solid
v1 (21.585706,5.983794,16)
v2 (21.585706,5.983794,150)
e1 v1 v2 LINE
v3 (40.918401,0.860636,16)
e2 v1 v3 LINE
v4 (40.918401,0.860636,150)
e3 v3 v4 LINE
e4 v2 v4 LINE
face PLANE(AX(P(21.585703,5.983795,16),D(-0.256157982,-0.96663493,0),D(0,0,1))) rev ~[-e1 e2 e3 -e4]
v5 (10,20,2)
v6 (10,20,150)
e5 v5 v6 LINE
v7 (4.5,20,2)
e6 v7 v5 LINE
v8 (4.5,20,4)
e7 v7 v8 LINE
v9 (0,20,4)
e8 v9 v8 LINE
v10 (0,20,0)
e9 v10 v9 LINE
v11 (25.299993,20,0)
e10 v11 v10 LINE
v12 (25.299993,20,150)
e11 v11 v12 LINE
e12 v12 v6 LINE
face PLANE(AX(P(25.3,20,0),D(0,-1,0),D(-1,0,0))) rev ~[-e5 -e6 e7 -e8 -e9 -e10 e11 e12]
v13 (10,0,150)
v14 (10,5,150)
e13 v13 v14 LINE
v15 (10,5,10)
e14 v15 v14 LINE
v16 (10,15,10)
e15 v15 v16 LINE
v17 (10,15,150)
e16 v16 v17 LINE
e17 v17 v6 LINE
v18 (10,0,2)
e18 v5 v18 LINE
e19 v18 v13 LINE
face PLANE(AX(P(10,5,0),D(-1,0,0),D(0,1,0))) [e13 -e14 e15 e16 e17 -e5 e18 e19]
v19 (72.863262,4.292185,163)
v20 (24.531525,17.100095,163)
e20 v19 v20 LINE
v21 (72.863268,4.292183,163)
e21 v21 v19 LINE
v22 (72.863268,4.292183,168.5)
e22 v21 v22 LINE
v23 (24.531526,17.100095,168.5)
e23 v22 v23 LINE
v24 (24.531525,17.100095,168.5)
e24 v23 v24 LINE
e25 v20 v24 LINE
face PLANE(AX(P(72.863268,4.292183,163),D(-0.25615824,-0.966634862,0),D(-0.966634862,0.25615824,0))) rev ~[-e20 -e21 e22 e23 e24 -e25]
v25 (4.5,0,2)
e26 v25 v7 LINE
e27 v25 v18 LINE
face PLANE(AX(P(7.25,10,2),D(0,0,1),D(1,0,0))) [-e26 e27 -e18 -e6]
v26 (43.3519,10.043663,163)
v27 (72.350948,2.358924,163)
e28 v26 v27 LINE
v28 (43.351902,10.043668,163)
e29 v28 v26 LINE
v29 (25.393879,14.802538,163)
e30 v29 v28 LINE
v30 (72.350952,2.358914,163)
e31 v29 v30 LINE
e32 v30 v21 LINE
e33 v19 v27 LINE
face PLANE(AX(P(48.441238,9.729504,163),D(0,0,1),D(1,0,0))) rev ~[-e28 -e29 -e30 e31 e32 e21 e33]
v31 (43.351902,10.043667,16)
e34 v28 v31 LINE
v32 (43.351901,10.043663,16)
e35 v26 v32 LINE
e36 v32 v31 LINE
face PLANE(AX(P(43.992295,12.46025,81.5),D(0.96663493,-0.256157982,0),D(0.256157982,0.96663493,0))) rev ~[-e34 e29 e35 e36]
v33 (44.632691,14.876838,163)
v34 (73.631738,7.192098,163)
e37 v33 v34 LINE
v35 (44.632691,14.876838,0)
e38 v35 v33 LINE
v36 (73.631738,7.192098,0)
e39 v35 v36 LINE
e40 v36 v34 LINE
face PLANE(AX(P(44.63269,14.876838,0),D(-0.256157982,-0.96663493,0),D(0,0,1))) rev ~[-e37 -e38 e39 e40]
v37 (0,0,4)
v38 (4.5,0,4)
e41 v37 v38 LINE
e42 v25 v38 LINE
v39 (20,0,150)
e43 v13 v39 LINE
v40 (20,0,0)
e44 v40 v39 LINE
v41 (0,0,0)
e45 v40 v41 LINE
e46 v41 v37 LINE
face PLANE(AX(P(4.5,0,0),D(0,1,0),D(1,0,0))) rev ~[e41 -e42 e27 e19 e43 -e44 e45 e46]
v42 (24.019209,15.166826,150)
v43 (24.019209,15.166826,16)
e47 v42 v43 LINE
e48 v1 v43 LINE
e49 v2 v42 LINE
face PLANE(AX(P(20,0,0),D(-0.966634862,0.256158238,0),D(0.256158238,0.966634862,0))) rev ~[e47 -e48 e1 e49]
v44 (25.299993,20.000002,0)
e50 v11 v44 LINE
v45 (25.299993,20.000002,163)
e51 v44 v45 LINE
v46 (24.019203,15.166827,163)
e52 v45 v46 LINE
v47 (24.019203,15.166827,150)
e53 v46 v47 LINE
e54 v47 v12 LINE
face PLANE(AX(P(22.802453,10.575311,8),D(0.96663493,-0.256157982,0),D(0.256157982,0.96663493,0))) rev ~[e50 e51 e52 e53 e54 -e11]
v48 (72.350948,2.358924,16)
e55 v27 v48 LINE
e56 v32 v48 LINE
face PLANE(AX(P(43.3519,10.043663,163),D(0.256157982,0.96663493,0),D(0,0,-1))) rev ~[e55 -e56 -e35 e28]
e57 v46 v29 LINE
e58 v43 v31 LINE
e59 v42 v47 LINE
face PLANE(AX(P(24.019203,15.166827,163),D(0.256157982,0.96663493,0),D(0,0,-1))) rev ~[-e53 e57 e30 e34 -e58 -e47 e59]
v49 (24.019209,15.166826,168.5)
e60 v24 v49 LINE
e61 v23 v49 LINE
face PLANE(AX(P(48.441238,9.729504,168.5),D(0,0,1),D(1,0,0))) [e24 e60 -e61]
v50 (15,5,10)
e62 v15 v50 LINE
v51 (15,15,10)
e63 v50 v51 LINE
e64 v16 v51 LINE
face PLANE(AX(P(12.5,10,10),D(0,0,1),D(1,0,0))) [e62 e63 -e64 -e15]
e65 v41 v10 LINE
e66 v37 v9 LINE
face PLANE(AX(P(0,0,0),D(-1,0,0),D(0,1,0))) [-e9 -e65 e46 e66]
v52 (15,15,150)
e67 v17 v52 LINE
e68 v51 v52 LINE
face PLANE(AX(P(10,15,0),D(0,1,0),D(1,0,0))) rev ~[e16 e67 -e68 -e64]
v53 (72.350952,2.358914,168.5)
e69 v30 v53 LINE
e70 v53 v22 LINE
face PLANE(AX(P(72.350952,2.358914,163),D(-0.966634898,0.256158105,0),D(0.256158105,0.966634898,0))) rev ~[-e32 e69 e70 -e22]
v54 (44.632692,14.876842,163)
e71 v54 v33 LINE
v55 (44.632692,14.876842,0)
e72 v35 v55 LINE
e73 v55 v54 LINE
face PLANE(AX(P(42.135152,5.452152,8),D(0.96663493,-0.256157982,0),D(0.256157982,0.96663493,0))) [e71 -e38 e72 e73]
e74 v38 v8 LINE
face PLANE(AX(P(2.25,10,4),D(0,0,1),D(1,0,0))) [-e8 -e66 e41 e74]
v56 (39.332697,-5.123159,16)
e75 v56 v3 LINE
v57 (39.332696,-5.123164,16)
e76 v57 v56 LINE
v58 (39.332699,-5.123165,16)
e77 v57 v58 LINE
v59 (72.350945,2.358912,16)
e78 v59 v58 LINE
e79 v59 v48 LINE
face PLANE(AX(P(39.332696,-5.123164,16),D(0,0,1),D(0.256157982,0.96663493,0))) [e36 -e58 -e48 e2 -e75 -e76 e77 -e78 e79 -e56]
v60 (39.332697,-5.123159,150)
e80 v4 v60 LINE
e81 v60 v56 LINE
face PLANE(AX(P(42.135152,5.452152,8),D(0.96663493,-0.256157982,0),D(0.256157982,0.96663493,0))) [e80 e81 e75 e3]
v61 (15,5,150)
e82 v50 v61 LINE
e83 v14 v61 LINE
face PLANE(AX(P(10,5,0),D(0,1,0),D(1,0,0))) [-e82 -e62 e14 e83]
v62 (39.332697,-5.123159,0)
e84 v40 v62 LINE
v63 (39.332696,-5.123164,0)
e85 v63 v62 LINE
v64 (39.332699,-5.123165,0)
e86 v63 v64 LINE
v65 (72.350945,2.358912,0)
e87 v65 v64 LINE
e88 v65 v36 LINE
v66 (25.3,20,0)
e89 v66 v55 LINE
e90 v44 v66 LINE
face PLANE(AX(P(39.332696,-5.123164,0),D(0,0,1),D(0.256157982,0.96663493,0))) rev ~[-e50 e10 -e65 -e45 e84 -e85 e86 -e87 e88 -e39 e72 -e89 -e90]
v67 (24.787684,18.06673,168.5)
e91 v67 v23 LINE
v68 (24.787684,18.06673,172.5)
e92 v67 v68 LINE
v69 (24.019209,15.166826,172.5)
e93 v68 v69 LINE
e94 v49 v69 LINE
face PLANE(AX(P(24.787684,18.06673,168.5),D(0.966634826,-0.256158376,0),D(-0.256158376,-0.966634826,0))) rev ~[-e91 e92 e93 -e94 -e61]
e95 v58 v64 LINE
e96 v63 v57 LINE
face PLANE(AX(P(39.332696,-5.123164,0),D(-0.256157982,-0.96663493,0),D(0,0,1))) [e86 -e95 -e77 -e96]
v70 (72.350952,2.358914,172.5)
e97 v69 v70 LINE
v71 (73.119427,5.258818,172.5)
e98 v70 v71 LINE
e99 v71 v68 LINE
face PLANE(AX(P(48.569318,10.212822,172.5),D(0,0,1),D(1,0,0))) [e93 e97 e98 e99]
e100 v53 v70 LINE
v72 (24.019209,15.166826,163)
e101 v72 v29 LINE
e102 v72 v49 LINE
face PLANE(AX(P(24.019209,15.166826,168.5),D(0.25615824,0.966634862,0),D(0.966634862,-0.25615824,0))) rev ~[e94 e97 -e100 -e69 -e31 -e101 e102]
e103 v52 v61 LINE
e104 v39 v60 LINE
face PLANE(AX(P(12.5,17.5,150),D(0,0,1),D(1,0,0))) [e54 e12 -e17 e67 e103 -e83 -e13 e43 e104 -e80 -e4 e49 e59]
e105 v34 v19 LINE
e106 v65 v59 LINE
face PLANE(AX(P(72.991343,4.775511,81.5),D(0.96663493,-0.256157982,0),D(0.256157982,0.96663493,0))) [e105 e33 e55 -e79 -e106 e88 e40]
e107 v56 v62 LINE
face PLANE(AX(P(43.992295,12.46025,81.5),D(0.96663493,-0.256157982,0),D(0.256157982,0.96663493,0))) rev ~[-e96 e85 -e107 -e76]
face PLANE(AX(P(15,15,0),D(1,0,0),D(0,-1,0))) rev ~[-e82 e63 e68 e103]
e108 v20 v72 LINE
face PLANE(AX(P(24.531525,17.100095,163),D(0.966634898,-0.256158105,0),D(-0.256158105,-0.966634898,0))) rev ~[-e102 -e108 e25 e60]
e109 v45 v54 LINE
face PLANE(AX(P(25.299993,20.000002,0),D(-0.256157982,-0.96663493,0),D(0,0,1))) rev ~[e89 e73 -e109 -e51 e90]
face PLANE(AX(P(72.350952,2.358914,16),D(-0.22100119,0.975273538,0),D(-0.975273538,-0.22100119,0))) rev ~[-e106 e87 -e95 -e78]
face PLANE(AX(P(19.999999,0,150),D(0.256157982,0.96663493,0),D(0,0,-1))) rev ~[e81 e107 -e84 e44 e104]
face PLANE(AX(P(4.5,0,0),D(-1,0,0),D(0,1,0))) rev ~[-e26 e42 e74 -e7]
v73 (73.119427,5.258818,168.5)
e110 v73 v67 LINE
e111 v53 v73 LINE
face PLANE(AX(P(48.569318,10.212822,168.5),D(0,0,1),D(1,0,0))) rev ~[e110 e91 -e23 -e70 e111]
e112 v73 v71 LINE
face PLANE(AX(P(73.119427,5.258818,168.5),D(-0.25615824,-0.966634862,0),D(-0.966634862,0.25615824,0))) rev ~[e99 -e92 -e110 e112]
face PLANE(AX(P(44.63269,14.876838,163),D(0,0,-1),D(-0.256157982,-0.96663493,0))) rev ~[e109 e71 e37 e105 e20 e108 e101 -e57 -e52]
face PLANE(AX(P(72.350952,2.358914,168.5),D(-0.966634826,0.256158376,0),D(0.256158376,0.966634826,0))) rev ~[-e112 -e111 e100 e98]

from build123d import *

# Parameters (mm, degrees)
F0_W      = 4.5
F0_H      = 20
F1_DEPTH  = 4
F2_W      = 5.5
F2_H      = 20
F3_DEPTH  = 2
F4_W      = 5
F4_H      = 5
F5_DEPTH  = 150
F6_W      = 5
F6_H      = 10
F7_DEPTH  = 10
F8_W      = 9.5
F8_H      = 16
F9_DEPTH  = 20
F10_W     = 15.690336
F10_H     = 16
F11_DEPTH = 30
F13_DEPTH = 16
F15_DEPTH = 5.5
F17_DEPTH = 4


with BuildPart() as f1:
    # F0 (on Top) → F1 (new body)
    with BuildSketch(Plane.XY):
        with Locations((2.25, 10)):
            Rectangle(F0_W, F0_H)
    extrude(amount=F1_DEPTH)

    # F2 (on Top) → F3 (join)
    with BuildSketch(Plane.XY):
        with Locations((7.25, 10)):
            Rectangle(F2_W, F2_H)
    extrude(amount=F3_DEPTH)

    # F4 (on Top) → F5 (join)
    with BuildSketch(Plane.XY):
        with Locations((12.5, 17.5)):
            Rectangle(F4_W, F4_H)
        Polygon((20, 20), (15, 20), (15, 15), (15, 5), (15, 0), (20, 0), align=None)
        Polygon((25.3, 20), (20, 20), (20, 0), align=None)
        with Locations((12.5, 2.5)):
            Rectangle(F4_W, F4_H)
    extrude(amount=F5_DEPTH)

    # F6 (on Top) → F7 (join)
    with BuildSketch(Plane.XY):
        with Locations((12.5, 10)):
            Rectangle(F6_W, F6_H)
    extrude(amount=F7_DEPTH)

    # F8 (on face) → F9 (join)
    with BuildSketch(Plane(origin=(18.687659, -4.95223, 0), x_dir=(0.256158, 0.966635, 0), z_dir=(0.966635, -0.256158, 0))):
        with Locations((16.063501, 8)):
            Rectangle(F8_W, F8_H)
        Polygon((20.813501, 16), (20.813501, 0), (25.813501, 0), (25.813501, 163), (20.813501, 163), align=None)
        Polygon((5.123165, 0), (11.313501, 0), (11.313501, 16), (11.313501, 150), (5.123165, 150), align=None)
    extrude(amount=F9_DEPTH)

    # F10 (on face) → F11 (join)
    with BuildSketch(Plane(origin=(38.020356, -10.075394, 0), x_dir=(0.256158, 0.966635, 0), z_dir=(0.966635, -0.256158, 0))):
        Polygon((25.813501, 0), (25.813501, 163), (20.813501, 163), (20.813501, 16), (20.813501, 0), align=None)
        with Locations((12.968333, 8)):
            Rectangle(F10_W, F10_H)
    extrude(amount=F11_DEPTH)

    # F12 (on face) → F13 (cut)
    with BuildSketch(Plane.XY.offset(16)):
        Polygon((72.350952, 2.358914), (39.332697, -5.123165), (68.331743, -12.807912), align=None)
    extrude(amount=-F13_DEPTH, mode=Mode.SUBTRACT)

    # F14 (on face) → F15 (join)
    with BuildSketch(Plane.XY.offset(163)):
        Polygon((24.531525, 17.100095), (24.019209, 15.166826), (72.350952, 2.358914), (72.863268, 4.292183), align=None)
    extrude(amount=F15_DEPTH)

    # F16 (on face) → F17 (join)
    with BuildSketch(Plane.XY.offset(168.5)):
        Polygon((24.787684, 18.06673), (24.019209, 15.166826), (72.350952, 2.358914), (73.119427, 5.258818), align=None)
    extrude(amount=F17_DEPTH)


solid = f1.part
